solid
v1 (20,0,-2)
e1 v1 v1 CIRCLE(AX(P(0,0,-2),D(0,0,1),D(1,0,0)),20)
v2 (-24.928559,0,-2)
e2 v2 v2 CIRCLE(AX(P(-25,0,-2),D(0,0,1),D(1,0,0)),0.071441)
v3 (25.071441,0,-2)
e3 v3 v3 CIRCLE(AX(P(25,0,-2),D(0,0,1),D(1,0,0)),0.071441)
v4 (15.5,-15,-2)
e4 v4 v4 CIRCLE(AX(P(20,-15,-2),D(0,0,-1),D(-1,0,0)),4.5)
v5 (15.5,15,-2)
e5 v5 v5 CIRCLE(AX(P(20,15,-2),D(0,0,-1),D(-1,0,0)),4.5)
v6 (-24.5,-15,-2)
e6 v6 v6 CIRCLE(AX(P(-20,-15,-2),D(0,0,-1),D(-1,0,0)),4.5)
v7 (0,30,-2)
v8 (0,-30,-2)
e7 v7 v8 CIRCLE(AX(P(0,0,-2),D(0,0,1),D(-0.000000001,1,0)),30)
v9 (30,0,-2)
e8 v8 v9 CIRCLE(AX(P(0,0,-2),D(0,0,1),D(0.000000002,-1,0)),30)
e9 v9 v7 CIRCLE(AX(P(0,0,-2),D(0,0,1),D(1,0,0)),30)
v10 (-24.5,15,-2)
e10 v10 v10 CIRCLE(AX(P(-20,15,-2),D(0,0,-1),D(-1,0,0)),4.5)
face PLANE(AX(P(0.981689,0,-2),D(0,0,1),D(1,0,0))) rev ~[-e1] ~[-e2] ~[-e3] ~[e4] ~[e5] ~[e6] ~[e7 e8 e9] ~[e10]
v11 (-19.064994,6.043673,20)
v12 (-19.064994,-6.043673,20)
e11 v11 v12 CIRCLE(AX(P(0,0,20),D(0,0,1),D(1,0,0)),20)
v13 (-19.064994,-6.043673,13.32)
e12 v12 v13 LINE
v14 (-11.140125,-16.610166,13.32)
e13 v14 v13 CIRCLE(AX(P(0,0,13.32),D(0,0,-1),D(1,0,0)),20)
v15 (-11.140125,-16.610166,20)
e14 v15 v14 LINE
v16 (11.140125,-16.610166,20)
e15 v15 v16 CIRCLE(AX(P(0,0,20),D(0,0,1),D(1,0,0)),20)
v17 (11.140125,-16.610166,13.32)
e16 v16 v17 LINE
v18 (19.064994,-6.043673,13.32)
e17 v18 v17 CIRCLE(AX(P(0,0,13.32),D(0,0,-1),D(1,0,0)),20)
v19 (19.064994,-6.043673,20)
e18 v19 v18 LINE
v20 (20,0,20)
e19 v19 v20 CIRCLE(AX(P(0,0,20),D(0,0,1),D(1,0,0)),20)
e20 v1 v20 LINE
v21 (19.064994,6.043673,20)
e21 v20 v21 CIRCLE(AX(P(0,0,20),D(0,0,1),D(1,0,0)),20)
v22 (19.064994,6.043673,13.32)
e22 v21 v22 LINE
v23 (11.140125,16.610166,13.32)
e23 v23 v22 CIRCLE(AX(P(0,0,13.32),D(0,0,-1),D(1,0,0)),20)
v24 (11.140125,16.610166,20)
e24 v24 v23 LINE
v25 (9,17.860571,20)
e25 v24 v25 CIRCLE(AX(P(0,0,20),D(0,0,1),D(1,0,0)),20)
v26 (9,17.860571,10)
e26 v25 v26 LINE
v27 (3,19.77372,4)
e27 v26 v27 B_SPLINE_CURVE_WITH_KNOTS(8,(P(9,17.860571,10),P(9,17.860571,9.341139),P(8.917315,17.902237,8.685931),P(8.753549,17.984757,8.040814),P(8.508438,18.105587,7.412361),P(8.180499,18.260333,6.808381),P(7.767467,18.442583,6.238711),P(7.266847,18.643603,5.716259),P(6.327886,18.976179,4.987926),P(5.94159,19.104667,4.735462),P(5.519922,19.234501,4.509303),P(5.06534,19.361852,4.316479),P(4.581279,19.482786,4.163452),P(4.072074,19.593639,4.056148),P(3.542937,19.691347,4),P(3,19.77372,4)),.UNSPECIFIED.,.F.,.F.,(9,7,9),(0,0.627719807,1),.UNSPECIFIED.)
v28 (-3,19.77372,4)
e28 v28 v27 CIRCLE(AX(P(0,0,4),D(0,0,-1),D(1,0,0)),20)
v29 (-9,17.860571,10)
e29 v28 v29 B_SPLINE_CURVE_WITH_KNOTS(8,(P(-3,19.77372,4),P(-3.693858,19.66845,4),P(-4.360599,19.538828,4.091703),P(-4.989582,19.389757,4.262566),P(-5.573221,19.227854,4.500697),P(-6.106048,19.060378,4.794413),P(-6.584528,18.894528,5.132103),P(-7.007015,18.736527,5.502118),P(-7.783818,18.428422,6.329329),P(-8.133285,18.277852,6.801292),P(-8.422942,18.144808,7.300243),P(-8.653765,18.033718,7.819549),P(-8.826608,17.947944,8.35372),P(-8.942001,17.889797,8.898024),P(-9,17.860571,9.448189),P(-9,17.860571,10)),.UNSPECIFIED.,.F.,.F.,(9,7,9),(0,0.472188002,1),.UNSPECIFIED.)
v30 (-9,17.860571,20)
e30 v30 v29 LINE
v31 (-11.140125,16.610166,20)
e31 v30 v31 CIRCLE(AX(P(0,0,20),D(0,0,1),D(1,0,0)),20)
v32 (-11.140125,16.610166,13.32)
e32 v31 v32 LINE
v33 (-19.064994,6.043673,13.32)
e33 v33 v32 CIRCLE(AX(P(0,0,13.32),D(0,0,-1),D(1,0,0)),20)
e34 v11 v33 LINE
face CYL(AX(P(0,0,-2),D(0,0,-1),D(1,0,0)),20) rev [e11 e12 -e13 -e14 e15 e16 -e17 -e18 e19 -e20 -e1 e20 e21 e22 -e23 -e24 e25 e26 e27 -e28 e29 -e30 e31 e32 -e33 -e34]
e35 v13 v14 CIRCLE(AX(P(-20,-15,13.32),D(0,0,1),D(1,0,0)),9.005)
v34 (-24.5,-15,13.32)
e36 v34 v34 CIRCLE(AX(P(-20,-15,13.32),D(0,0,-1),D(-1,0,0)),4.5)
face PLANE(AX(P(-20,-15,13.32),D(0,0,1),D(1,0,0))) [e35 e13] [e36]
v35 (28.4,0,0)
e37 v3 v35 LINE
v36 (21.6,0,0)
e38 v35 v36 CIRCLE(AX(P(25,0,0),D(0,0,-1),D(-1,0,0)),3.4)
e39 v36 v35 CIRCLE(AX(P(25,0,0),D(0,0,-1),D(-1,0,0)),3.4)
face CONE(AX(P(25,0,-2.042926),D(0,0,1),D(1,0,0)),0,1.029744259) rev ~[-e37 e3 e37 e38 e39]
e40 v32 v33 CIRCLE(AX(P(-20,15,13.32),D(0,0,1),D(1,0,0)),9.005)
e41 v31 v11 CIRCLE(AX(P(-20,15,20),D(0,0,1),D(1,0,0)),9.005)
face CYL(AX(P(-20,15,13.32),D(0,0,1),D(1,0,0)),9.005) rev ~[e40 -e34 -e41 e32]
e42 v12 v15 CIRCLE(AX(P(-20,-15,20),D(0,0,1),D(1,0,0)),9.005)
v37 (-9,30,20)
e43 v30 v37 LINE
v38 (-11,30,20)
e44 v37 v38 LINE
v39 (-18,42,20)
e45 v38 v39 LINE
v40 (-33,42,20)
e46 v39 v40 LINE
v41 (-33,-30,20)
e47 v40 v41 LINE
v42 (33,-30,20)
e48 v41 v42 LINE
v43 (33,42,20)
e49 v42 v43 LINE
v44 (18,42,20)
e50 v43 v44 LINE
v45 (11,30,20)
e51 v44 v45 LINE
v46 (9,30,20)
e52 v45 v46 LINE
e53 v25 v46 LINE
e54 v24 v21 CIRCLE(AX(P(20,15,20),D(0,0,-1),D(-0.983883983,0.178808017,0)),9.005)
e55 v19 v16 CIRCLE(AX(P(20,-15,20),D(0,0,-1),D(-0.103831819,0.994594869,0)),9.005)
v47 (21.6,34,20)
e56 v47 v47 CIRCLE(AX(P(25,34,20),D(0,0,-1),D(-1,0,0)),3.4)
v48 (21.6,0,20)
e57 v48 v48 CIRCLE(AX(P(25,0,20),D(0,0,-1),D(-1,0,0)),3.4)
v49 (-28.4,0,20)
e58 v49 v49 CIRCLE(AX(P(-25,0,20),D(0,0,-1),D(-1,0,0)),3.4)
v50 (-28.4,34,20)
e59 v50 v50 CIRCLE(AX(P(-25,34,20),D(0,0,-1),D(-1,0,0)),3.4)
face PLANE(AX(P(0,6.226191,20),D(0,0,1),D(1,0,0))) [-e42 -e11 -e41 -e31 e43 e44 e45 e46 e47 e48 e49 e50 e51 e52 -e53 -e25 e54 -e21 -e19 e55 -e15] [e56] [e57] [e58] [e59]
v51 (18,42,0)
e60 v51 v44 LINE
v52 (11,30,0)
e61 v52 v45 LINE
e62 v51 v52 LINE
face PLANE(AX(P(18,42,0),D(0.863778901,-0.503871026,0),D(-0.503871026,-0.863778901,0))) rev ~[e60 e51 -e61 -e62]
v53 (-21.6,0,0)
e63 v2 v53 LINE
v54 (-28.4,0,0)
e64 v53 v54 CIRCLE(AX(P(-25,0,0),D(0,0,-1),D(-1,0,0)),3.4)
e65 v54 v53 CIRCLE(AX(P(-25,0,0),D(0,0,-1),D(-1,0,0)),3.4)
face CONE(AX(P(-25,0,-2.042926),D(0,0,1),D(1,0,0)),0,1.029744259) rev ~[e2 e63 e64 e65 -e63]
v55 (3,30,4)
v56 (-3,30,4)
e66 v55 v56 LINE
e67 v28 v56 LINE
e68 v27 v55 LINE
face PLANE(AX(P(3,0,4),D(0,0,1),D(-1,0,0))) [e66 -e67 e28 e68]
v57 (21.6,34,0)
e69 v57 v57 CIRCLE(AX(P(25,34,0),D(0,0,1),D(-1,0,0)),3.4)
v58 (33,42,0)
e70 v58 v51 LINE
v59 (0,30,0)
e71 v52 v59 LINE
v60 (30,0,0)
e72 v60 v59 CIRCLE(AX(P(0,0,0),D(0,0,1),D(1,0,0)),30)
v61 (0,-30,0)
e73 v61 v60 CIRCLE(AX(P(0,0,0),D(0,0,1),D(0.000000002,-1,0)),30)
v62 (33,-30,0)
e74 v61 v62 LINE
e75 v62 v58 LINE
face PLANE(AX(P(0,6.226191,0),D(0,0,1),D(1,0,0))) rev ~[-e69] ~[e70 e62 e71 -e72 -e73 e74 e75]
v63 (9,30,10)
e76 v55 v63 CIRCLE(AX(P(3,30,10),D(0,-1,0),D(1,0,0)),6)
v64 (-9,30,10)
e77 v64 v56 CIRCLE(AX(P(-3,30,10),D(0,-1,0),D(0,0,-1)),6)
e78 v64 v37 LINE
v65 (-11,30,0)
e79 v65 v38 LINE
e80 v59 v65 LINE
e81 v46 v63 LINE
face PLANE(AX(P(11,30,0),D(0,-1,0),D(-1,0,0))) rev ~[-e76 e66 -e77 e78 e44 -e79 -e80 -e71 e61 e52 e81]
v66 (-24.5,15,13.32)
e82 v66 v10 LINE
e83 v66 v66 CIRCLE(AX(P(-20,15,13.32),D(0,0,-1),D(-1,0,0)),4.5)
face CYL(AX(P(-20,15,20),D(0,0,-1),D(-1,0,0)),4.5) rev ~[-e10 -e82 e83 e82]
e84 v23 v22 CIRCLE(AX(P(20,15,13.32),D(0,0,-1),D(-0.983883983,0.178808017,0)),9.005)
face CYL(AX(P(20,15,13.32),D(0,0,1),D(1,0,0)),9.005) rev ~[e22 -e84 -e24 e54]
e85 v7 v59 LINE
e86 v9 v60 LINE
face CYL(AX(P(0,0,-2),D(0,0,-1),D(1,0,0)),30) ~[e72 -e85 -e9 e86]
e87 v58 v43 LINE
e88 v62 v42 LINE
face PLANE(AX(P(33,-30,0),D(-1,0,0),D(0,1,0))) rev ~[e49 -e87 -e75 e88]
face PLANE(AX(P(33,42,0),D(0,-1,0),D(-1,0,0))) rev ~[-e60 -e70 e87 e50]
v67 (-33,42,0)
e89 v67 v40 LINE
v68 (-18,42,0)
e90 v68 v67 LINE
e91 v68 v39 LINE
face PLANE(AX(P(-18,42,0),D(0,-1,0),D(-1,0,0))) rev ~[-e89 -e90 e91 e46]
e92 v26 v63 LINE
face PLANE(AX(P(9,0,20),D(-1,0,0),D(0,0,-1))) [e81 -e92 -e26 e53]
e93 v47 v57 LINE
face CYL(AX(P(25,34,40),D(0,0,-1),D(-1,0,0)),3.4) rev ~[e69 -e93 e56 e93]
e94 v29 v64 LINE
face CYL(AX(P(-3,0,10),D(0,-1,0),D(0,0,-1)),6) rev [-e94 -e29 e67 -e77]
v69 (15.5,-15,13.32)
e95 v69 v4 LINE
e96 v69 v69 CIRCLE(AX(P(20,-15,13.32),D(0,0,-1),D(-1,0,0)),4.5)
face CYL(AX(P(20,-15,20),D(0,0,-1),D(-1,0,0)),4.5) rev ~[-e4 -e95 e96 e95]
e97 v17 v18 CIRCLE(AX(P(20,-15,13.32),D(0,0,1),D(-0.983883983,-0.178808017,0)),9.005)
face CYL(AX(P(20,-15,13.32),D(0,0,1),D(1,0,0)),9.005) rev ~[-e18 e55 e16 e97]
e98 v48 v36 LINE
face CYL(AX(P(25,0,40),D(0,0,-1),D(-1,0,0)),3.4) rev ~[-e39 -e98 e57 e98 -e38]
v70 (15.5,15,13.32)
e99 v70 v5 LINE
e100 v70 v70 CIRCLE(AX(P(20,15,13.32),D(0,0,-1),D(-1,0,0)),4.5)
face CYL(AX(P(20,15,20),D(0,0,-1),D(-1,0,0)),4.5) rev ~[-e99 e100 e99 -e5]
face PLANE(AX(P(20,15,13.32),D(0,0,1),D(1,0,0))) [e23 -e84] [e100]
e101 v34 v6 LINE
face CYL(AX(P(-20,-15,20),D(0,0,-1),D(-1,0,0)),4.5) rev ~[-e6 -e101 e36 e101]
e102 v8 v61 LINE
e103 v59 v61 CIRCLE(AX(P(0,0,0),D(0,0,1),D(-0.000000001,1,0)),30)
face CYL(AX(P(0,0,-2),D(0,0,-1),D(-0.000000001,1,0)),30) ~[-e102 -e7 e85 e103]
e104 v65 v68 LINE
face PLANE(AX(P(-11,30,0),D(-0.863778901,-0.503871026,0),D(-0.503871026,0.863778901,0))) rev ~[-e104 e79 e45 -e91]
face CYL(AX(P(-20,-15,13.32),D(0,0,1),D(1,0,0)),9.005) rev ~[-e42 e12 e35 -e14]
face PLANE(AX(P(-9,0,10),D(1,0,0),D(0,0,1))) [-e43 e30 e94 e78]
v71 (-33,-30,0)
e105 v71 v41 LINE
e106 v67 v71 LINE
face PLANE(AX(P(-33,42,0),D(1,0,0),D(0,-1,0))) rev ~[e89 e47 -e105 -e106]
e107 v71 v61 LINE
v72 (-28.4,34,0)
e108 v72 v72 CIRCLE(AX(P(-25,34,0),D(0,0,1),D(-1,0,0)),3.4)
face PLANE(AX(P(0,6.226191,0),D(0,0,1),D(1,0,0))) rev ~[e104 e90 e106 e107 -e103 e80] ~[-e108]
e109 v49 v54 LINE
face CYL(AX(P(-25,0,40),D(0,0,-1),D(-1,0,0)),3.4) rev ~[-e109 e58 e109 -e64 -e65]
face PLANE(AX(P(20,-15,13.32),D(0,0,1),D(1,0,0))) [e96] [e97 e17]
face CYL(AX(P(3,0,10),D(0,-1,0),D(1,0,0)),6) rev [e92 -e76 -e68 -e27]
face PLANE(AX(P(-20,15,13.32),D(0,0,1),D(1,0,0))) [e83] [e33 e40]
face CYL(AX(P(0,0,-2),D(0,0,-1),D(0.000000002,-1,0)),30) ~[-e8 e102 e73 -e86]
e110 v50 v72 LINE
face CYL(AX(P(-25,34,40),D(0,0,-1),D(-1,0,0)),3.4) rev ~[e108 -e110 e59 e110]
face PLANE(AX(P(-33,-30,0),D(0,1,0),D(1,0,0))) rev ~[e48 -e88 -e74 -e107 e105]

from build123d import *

# Parameters (mm, degrees)
SKETCH1_R                               = 20
BOSS_EXTRUDE1_DEPTH                     = 20
BOSS_EXTRUDE2_START                     = -2
SKETCH1_3_R                             = 20
BOSS_EXTRUDE2_DEPTH                     = 2
CBORE_FOR_M8_HEX_HEAD_BOLT1_D           = 9
CBORE_FOR_M8_HEX_HEAD_BOLT1_CBORE_D     = 18.01
CBORE_FOR_M8_HEX_HEAD_BOLT1_CBORE_DEPTH = 6.68
M8X1_25_TAPPED_HOLE1_D                  = 6.8
M8X1_25_TAPPED_HOLE1_DEPTH              = 20
M8X1_25_TAPPED_HOLE1_TIP                = 2.042926105
CUT_EXTRUDE1_DEPTH                      = 58.035076926


with BuildPart() as part:
    # Sketch1 → Boss-Extrude1 (new body)
    with BuildSketch(Plane.XY):
        Polygon((-18, 42), (-33, 42), (-33, -30), (33, -30), (33, 42), (18, 42), (11, 30), (-11, 30), align=None)
        Circle(SKETCH1_R, mode=Mode.SUBTRACT)
    extrude(amount=BOSS_EXTRUDE1_DEPTH)

    # Sketch1<3> → Boss-Extrude2 (add)
    with BuildSketch(Plane.XY.offset(BOSS_EXTRUDE2_START)):
        with BuildLine():
            ThreePointArc((-1.8e-08, 30), (-30, -3.2e-08), (4.6e-08, -30))
            ThreePointArc((4.6e-08, -30), (21.213203452, -21.213203419), (30, 0))
            ThreePointArc((30, 0), (21.213203429, 21.213203442), (-1.8e-08, 30))
        make_face()
        Circle(SKETCH1_3_R, mode=Mode.SUBTRACT)
    extrude(amount=BOSS_EXTRUDE2_DEPTH)

    # CBORE for M8 Hex Head Bolt1 (through all)
    with Locations(Plane.XY.offset(20)):
        with Locations((-20, 15), (20, 15), (-20, -15), (20, -15)):
            CounterBoreHole(CBORE_FOR_M8_HEX_HEAD_BOLT1_D / 2, CBORE_FOR_M8_HEX_HEAD_BOLT1_CBORE_D / 2, CBORE_FOR_M8_HEX_HEAD_BOLT1_CBORE_DEPTH)

    # M8x1.25 Tapped Hole1
    with Locations(Plane.XY.offset(20)):
        with Locations((-25, 34), (25, 34), (25, 0), (-25, 0)):
            Hole(M8X1_25_TAPPED_HOLE1_D / 2, depth=M8X1_25_TAPPED_HOLE1_DEPTH)
            with Locations((0, 0, -(M8X1_25_TAPPED_HOLE1_DEPTH + M8X1_25_TAPPED_HOLE1_TIP / 2))):  # 118° drill point
                Cone(0, M8X1_25_TAPPED_HOLE1_D / 2, M8X1_25_TAPPED_HOLE1_TIP, mode=Mode.SUBTRACT)

    # Sketch7 → Cut-Extrude1 (cut, through all)
    with BuildSketch(Plane(origin=(0, 0, 0), x_dir=(1, 0, 0), z_dir=(0, 1, 0))):
        with BuildLine():
            Line((-9, -20), (9, -20))
            Line((9, -20), (9, -10))
            ThreePointArc((9, -10), (7.242640687, -5.757359313), (3, -4))
            Line((3, -4), (-3, -4))
            ThreePointArc((-3, -4), (-7.242640687, -5.757359313), (-9, -10))
            Line((-9, -10), (-9, -20))
        make_face()
    extrude(amount=CUT_EXTRUDE1_DEPTH, mode=Mode.SUBTRACT)


solid = part.part
